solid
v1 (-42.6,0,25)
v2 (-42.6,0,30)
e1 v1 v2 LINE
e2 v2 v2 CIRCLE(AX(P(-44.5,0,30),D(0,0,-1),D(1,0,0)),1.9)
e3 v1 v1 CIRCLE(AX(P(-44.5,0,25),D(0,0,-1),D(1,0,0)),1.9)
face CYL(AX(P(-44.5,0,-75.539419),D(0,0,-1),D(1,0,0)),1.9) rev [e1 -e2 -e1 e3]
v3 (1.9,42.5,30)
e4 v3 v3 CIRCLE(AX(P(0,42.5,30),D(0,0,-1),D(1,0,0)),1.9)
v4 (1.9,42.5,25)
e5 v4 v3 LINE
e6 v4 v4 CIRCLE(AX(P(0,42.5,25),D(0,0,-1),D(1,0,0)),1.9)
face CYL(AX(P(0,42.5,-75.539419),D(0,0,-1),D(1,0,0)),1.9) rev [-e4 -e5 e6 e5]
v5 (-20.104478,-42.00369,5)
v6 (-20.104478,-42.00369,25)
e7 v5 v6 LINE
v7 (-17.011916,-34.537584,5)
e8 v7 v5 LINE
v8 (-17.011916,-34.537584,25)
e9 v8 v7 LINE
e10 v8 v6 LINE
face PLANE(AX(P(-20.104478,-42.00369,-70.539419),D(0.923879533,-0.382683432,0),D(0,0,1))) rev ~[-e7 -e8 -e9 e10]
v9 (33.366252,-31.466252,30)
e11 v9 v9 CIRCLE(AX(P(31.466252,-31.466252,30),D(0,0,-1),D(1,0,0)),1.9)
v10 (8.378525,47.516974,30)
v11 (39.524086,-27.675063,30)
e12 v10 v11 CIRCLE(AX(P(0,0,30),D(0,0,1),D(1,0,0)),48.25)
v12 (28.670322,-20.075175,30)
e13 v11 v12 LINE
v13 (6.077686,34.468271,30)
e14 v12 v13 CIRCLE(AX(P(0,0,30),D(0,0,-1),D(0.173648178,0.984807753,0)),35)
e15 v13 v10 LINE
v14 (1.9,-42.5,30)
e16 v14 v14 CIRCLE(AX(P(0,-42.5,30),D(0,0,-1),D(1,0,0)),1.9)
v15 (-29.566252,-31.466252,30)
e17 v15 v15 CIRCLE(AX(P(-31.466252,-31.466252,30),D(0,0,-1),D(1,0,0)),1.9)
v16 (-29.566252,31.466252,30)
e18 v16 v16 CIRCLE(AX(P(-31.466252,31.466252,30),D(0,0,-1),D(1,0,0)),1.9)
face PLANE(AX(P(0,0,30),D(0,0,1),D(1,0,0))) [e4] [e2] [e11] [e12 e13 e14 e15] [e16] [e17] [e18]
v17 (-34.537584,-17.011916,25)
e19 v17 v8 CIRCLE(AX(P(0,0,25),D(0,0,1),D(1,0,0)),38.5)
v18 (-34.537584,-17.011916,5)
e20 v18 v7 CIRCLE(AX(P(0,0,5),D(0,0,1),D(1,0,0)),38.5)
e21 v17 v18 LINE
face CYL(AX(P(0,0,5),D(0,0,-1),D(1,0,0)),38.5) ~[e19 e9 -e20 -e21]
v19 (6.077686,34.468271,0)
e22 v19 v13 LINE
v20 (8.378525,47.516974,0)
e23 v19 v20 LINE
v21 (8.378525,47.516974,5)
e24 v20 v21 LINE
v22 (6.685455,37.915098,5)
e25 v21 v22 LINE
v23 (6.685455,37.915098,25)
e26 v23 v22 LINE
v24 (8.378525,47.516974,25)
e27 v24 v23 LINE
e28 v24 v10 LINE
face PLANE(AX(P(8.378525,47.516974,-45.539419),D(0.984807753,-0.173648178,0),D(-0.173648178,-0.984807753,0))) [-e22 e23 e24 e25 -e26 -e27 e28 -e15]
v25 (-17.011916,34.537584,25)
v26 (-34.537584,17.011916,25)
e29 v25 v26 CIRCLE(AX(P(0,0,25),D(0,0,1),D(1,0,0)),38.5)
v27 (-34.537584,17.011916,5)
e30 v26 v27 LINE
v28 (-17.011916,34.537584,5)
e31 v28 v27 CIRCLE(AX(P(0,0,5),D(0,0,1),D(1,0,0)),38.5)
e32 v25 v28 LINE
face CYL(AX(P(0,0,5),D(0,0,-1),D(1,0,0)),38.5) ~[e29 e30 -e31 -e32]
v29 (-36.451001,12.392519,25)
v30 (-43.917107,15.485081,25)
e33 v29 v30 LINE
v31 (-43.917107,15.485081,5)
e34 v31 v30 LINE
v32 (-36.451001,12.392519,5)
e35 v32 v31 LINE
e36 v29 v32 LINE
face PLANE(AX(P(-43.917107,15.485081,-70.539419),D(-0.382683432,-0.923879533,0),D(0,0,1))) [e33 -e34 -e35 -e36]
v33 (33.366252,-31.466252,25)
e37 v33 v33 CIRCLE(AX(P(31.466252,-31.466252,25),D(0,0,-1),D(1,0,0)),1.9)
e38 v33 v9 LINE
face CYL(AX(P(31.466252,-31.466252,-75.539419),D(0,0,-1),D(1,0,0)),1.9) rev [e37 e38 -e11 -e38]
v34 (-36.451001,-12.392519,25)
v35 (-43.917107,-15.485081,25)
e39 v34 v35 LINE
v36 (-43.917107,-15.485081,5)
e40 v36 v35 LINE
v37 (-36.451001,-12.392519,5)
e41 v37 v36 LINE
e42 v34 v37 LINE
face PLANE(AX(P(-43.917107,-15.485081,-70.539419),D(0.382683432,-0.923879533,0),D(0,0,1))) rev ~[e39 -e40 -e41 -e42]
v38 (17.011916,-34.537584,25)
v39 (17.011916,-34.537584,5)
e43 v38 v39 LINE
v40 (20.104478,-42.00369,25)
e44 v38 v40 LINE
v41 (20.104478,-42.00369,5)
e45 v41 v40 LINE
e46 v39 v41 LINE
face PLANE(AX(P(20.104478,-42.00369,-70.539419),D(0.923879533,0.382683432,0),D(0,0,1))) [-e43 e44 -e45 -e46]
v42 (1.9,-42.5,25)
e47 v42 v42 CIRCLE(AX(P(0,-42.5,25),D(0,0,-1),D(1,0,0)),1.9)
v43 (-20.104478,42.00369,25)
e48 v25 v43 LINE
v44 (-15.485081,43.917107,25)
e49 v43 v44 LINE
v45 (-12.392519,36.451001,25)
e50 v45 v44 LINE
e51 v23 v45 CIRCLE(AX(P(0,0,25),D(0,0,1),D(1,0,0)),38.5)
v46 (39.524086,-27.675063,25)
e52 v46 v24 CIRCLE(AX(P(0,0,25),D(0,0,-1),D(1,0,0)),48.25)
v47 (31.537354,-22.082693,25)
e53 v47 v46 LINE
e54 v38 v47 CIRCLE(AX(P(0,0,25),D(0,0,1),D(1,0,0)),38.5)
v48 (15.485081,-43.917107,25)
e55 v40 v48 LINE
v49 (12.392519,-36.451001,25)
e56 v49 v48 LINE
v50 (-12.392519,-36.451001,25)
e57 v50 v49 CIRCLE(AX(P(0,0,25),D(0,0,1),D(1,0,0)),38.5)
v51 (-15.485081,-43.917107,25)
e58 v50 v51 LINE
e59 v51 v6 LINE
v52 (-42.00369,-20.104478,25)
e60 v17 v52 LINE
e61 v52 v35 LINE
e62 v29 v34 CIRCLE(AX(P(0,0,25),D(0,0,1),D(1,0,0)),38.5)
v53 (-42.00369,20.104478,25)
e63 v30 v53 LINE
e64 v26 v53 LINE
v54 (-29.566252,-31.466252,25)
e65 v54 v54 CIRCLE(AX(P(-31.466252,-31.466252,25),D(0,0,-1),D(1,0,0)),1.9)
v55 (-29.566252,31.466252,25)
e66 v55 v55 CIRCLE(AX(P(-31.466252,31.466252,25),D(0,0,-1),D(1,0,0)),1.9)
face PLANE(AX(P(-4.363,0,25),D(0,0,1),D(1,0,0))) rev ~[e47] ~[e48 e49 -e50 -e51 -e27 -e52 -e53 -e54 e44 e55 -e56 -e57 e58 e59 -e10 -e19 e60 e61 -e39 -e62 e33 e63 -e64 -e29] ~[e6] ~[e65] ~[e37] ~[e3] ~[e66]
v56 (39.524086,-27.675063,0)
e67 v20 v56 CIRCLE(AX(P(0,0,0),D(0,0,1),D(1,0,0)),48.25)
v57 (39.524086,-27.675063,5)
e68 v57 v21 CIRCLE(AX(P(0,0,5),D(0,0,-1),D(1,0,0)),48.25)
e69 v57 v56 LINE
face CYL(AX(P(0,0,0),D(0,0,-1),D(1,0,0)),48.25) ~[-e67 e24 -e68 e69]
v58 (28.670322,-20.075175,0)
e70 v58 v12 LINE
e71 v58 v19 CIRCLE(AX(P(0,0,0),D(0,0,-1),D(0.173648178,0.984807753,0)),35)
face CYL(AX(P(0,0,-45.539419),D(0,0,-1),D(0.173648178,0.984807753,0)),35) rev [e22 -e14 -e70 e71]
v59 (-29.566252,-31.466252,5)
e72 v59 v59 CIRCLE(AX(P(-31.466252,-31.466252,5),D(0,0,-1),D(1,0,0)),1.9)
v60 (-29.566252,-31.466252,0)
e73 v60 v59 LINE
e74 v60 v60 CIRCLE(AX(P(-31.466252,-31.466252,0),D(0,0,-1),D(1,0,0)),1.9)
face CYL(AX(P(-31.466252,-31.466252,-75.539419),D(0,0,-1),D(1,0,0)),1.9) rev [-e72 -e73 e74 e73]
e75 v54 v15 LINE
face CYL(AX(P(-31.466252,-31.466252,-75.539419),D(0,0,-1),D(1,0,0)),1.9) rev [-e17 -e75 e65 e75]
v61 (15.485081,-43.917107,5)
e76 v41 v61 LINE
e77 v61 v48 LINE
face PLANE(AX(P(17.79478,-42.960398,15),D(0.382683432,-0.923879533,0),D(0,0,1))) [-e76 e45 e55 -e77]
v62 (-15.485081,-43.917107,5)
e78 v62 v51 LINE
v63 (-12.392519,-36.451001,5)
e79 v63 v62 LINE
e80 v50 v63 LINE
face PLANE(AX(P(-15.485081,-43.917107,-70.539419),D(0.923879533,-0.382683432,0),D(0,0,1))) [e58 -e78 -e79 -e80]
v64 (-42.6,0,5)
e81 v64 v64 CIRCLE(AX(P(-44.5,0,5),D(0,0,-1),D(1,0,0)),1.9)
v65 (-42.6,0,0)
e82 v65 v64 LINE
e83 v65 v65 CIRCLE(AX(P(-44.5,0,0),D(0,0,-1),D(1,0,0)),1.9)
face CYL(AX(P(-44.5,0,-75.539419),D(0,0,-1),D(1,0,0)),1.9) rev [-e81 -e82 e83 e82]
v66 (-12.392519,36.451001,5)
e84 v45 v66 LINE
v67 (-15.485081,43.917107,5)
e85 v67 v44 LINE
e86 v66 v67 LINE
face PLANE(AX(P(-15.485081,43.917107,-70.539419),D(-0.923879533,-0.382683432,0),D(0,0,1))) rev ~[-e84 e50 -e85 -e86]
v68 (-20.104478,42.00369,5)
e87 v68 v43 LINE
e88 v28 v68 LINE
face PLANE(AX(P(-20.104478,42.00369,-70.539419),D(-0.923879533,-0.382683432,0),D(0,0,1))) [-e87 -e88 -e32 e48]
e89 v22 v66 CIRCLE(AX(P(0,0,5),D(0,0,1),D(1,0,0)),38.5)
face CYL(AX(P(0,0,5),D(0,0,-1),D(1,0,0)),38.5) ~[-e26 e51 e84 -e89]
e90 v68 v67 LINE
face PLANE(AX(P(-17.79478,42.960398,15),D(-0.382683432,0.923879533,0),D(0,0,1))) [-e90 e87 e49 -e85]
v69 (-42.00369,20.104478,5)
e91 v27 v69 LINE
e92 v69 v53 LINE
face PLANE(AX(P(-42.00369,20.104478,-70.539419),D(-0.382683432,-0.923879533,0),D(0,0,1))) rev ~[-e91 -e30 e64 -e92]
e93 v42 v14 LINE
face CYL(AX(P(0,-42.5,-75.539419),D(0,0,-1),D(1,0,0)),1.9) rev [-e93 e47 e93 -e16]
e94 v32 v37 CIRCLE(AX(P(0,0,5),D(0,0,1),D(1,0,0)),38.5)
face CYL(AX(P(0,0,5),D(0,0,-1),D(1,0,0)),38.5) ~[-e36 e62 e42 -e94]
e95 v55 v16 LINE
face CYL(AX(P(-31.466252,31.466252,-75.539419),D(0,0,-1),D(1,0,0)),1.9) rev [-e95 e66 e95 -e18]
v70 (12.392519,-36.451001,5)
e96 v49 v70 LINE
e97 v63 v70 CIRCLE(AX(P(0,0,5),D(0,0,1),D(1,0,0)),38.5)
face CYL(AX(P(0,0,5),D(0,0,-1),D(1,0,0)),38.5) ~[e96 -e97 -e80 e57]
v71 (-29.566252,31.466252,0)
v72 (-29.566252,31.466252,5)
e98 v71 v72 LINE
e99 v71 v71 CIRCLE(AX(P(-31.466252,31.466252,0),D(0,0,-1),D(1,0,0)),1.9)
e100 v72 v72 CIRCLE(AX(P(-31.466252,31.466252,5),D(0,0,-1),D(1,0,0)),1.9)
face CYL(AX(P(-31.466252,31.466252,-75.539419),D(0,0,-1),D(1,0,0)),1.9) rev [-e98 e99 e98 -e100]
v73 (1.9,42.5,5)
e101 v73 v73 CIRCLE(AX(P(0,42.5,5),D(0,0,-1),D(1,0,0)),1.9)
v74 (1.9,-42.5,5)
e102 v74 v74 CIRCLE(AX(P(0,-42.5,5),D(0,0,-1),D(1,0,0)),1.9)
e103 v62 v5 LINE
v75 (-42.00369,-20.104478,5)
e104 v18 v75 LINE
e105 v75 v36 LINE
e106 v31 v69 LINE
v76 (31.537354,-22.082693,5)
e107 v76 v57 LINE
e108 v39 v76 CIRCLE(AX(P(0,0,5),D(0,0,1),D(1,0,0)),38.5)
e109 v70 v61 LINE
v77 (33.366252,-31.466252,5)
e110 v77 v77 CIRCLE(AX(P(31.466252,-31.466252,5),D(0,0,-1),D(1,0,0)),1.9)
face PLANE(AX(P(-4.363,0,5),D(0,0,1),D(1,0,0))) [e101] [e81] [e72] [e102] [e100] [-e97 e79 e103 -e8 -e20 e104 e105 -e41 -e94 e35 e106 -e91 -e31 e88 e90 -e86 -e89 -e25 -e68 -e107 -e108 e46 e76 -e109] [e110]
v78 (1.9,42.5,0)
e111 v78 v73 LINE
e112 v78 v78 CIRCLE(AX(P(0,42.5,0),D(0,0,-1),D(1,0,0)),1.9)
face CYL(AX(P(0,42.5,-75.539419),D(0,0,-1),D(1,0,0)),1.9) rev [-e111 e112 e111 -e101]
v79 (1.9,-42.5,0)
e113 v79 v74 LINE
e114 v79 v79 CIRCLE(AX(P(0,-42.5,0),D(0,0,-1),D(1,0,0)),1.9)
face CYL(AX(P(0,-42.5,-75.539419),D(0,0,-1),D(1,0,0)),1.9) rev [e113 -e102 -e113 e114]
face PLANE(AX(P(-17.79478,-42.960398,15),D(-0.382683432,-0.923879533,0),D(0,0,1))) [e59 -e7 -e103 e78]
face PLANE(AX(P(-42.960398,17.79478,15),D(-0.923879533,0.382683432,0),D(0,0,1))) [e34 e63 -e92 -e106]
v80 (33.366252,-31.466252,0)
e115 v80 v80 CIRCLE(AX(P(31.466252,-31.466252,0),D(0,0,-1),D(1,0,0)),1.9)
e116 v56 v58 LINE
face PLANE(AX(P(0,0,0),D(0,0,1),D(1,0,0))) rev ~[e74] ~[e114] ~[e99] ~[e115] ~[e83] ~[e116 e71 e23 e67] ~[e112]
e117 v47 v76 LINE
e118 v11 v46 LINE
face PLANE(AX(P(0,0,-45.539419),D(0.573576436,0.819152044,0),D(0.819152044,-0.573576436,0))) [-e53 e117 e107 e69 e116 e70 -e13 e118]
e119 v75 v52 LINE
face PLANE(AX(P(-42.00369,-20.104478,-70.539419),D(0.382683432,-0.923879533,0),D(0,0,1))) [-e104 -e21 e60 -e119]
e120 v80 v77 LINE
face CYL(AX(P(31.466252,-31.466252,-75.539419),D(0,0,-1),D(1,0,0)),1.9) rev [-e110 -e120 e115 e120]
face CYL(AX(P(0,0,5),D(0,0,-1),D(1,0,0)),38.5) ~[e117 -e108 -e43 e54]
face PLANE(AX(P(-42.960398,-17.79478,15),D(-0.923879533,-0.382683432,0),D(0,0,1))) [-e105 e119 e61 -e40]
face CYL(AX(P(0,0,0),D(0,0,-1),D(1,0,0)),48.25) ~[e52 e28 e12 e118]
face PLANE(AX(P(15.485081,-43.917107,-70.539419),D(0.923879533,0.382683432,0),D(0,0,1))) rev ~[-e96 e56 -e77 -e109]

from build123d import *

# Parameters (mm, degrees)
SKETCH_1_R               = 48.25
EXTRUDE_1_DEPTH          = 30
CUT_EXTRUDE_1_DEPTH      = 75.539419102
CUT_EXTRUDE_1_DEPTH_BACK = 75.539419102
CUT_EXTRUDE_2_DEPTH      = 75.539419102
CUT_EXTRUDE_2_DEPTH_BACK = 75.539419102
CUT_EXTRUDE_3_DEPTH      = 75.539419102
CUT_EXTRUDE_3_DEPTH_BACK = 75.539419102
SKETCH_3_R               = 1.9
CUT_EXTRUDE_START        = 5
SKETCH_4_OUTSIDE_W       = 116.544
SKETCH_4_OUTSIDE_H       = 125.27
SKETCH_4_OUTSIDE_R       = 38.5
CUT_EXTRUDE_4_DEPTH      = 20
RIB_4_REACH              = 76.539
SKETCH_8_WALL_W          = 171.078838204
SKETCH_8_WALL_H          = 5
PATTERN_CIRCULAR_1_COUNT = 5
PATTERN_CIRCULAR_1_ANGLE = 180


with BuildPart() as part:
    # 草图1 → 凸台-拉伸1 (new body)
    with BuildSketch(Plane.XY):
        Circle(SKETCH_1_R)
    extrude(amount=EXTRUDE_1_DEPTH)

    # 草图2 → 切除-拉伸1 (cut, two sides: drawn at the far end of the back side and taken through both)
    with BuildSketch(Plane.XY.offset(30).offset(-CUT_EXTRUDE_1_DEPTH_BACK)):
        with BuildLine():
            Line((28.67032155, -20.075175272), (0, 0))
            Line((0, 0), (6.077686218, 34.468271355))
            ThreePointArc((6.077686218, 34.468271355), (-32.335783638, -13.393920133), (28.67032155, -20.075175272))
        make_face()
    extrude(amount=CUT_EXTRUDE_1_DEPTH + CUT_EXTRUDE_1_DEPTH_BACK, mode=Mode.SUBTRACT)

    # 草图2<3> → 切除-拉伸2 (cut, two sides: drawn at the far end of the back side and taken through both)
    with BuildSketch(Plane.XY.offset(30).offset(-CUT_EXTRUDE_2_DEPTH_BACK)):
        with BuildLine():
            Line((0, 0), (39.524086137, -27.675063054))
            ThreePointArc((39.524086137, -27.675063054), (44.577187444, 18.464475612), (8.378524572, 47.516974083))
            Line((8.378524572, 47.516974083), (0, 0))
        make_face()
    extrude(amount=CUT_EXTRUDE_2_DEPTH + CUT_EXTRUDE_2_DEPTH_BACK, mode=Mode.SUBTRACT)

    # 草图3 → 切除-拉伸3 (cut, two sides: drawn at the far end of the back side and taken through both)
    with BuildSketch(Plane.XY.offset(-CUT_EXTRUDE_3_DEPTH_BACK)):
        with Locations((31.466251763, 31.466251763)):
            Circle(SKETCH_3_R)
        with Locations((44.5, 0)):
            Circle(SKETCH_3_R)
        with Locations((31.466251763, -31.466251763)):
            Circle(SKETCH_3_R)
        with Locations((-31.466251763, -31.466251763)):
            Circle(SKETCH_3_R)
        with Locations((0, 42.5)):
            Circle(SKETCH_3_R)
        with Locations((0, -42.5)):
            Circle(SKETCH_3_R)
        with Locations((-44.5, 0)):
            Circle(SKETCH_3_R)
        with Locations((-31.466251763, 31.466251763)):
            Circle(SKETCH_3_R)
    extrude(amount=CUT_EXTRUDE_3_DEPTH + CUT_EXTRUDE_3_DEPTH_BACK, mode=Mode.SUBTRACT)

    # 草图4 outside → 切除-拉伸4 (cut)
    with BuildSketch(Plane.XY.offset(CUT_EXTRUDE_START)):
        with Locations((-4.363, 0)):
            Rectangle(SKETCH_4_OUTSIDE_W, SKETCH_4_OUTSIDE_H)
        Circle(SKETCH_4_OUTSIDE_R, mode=Mode.SUBTRACT)
    extrude(amount=CUT_EXTRUDE_4_DEPTH, mode=Mode.SUBTRACT)

    # 草图8 wall → 筋4 (add, up to next)
    with BuildSketch(Plane(origin=(17.794779605, -42.960398262, 15), x_dir=(0, 0, 1), z_dir=(0.382683432365, -0.923879532511, 0)), mode=Mode.PRIVATE) as rib_4_sk1:
        Rectangle(SKETCH_8_WALL_W, SKETCH_8_WALL_H)
    rib_4_tool1 = extrude(rib_4_sk1.sketch, amount=-RIB_4_REACH, mode=Mode.PRIVATE) - part.part
    rib_4 = rib_4_tool1.solids().sort_by_distance((17.794779605, -42.960398262, 15))[0]
    add(rib_4)

    # 阵列(圆周)1: 筋4 ×5 about axis
    pattern_circular_1_axis = Axis((0, 0, 25), (0, 0, -1))
    for i in range(1, PATTERN_CIRCULAR_1_COUNT):
        add(rib_4.rotate(pattern_circular_1_axis, i * PATTERN_CIRCULAR_1_ANGLE / (PATTERN_CIRCULAR_1_COUNT - 1)))


solid = part.part
